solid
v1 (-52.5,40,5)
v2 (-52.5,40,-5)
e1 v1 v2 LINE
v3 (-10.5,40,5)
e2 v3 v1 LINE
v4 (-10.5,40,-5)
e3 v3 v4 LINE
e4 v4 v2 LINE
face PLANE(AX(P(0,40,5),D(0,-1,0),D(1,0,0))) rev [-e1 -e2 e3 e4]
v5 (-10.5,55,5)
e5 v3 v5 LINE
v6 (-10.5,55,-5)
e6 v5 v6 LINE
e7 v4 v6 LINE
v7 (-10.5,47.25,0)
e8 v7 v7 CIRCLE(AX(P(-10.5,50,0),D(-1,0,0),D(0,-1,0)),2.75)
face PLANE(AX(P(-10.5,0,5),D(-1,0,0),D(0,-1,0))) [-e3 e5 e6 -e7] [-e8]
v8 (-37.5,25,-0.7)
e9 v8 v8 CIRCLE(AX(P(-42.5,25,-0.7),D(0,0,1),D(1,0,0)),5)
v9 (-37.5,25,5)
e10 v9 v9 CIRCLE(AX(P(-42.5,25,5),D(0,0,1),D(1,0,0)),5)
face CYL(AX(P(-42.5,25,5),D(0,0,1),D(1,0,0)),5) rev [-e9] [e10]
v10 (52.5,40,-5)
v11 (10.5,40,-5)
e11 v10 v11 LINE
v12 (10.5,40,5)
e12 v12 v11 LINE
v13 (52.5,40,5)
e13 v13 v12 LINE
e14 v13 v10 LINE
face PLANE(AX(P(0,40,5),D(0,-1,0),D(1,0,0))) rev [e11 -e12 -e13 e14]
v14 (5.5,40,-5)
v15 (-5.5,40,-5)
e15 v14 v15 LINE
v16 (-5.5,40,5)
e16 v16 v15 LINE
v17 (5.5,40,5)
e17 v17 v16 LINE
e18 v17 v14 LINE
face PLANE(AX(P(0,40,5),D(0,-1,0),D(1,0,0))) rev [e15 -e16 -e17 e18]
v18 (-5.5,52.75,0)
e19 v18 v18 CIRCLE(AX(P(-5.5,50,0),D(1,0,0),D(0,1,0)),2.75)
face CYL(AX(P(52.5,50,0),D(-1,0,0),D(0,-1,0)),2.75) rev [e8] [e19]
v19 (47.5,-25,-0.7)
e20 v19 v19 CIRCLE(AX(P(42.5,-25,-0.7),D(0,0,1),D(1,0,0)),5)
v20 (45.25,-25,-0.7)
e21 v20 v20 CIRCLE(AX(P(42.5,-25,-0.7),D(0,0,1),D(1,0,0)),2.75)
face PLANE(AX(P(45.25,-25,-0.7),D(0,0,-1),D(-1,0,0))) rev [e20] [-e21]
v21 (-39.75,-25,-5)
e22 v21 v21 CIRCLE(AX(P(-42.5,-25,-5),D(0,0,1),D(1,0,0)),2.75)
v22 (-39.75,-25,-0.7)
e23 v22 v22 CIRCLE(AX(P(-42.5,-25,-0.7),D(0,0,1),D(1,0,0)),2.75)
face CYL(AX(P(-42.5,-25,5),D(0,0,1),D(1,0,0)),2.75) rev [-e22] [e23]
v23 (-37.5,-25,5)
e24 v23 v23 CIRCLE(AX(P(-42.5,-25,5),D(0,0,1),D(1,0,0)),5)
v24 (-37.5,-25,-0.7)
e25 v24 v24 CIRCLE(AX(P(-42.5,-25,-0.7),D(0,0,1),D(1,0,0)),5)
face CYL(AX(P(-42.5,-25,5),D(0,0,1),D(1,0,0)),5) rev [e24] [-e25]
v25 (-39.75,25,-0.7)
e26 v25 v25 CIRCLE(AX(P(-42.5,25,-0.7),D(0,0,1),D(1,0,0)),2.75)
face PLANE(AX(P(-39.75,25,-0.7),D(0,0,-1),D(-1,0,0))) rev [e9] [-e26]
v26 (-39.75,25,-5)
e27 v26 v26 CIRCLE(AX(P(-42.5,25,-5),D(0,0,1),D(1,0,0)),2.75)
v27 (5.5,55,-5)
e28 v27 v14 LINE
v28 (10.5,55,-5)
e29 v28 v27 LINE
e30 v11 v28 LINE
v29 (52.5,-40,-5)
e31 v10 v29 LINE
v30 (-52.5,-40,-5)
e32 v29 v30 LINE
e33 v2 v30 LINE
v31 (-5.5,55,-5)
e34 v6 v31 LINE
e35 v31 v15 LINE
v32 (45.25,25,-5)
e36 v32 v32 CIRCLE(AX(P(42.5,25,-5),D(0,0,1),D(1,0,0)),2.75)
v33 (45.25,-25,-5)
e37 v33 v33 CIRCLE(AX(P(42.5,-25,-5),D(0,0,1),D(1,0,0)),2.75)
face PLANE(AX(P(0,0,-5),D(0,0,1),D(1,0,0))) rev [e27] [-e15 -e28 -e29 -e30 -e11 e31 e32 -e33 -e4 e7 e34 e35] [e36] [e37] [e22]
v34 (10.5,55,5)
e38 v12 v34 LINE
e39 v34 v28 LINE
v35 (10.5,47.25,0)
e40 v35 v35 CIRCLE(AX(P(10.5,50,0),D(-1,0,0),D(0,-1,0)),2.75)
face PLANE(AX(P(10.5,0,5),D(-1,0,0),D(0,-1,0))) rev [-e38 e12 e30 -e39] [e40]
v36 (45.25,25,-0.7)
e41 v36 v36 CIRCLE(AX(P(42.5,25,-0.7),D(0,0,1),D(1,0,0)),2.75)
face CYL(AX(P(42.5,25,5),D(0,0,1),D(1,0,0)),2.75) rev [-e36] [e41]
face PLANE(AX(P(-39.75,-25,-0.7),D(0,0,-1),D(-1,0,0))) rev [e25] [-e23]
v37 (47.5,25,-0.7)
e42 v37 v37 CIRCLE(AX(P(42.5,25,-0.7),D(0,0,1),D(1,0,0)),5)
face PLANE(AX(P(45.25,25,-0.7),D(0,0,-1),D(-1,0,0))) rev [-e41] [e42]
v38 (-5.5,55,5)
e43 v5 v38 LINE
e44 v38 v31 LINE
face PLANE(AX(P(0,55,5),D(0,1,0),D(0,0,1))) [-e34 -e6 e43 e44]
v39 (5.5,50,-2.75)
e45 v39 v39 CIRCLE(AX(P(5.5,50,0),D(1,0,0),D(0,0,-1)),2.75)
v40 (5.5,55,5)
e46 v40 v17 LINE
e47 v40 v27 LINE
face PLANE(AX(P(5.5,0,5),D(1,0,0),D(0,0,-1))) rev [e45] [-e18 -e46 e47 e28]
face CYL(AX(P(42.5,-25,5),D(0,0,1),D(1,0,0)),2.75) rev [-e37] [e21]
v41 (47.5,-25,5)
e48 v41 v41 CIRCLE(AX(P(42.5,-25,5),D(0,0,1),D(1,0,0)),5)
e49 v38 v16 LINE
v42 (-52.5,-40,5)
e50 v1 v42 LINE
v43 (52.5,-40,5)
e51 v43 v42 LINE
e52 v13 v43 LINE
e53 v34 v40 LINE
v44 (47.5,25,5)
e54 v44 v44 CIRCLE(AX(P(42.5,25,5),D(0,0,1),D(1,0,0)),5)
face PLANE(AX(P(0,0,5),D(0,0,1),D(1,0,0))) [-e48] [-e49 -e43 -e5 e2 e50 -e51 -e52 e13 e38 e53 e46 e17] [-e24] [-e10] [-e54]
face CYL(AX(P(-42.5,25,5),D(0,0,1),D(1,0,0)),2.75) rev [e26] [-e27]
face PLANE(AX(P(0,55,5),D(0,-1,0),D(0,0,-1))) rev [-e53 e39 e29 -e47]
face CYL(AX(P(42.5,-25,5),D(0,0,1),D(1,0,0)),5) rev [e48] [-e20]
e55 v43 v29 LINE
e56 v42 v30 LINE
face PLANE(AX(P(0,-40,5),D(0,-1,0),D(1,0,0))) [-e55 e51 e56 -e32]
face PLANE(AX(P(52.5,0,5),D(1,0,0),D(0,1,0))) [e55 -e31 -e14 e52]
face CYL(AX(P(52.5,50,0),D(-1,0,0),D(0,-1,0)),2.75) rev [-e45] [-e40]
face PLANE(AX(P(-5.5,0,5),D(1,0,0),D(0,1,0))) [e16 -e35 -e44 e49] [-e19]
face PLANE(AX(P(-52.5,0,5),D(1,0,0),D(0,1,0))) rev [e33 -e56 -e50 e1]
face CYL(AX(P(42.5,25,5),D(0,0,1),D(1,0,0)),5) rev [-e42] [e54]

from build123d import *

# Parameters (mm, degrees)
SKETCH_1_W                = 105
SKETCH_1_H                = 80
SKETCH_1_R                = 2.5
SKETCH_1_W_2              = 5
SKETCH_1_H_2              = 15
EXTRUDE_1_DEPTH           = 5
HOLE_WIZARD_1_D           = 5.5
HOLE_WIZARD_1_CBORE_D     = 10
HOLE_WIZARD_1_CBORE_DEPTH = 5.7
SKETCH_4_R                = 2.75
CUT_EXTRUDE_1_DEPTH       = 84.779472426


with BuildPart() as part:
    # 草图1 → 凸台-拉伸1 (new, symmetric)
    # profile 1 of 3: a face of its own
    with BuildSketch(Plane.XY):
        Rectangle(SKETCH_1_W, SKETCH_1_H)
        with Locations((42.5, 25)):
            Circle(SKETCH_1_R, mode=Mode.SUBTRACT)
        with Locations((-42.5, 25)):
            Circle(SKETCH_1_R, mode=Mode.SUBTRACT)
        with Locations((42.5, -25)):
            Circle(SKETCH_1_R, mode=Mode.SUBTRACT)
        with Locations((-42.5, -25)):
            Circle(SKETCH_1_R, mode=Mode.SUBTRACT)
    # profile 2 of 3: a face of its own
    with BuildSketch(Plane.XY):
        with Locations((-8, 47.5)):
            Rectangle(SKETCH_1_W_2, SKETCH_1_H_2)
    # profile 3 of 3: a face of its own
    with BuildSketch(Plane.XY):
        with Locations((8, 47.5)):
            Rectangle(SKETCH_1_W_2, SKETCH_1_H_2)
    extrude(amount=EXTRUDE_1_DEPTH, both=True)

    # 打孔尺寸(%根据)内六角圆柱头螺钉的类型1 (through all)
    with Locations(Plane.XY.offset(5)):
        with Locations((-42.5, 25), (42.5, 25), (42.5, -25), (-42.5, -25)):
            CounterBoreHole(HOLE_WIZARD_1_D / 2, HOLE_WIZARD_1_CBORE_D / 2, HOLE_WIZARD_1_CBORE_DEPTH)

    # 草图4 → 切除-拉伸1 (cut, through all)
    with BuildSketch(Plane.ZY.offset(10.5)):
        with Locations(Location((0, 50, 0), (0, 0, 270))):
            Circle(SKETCH_4_R)
    extrude(amount=-CUT_EXTRUDE_1_DEPTH, mode=Mode.SUBTRACT)


solid = part.part
